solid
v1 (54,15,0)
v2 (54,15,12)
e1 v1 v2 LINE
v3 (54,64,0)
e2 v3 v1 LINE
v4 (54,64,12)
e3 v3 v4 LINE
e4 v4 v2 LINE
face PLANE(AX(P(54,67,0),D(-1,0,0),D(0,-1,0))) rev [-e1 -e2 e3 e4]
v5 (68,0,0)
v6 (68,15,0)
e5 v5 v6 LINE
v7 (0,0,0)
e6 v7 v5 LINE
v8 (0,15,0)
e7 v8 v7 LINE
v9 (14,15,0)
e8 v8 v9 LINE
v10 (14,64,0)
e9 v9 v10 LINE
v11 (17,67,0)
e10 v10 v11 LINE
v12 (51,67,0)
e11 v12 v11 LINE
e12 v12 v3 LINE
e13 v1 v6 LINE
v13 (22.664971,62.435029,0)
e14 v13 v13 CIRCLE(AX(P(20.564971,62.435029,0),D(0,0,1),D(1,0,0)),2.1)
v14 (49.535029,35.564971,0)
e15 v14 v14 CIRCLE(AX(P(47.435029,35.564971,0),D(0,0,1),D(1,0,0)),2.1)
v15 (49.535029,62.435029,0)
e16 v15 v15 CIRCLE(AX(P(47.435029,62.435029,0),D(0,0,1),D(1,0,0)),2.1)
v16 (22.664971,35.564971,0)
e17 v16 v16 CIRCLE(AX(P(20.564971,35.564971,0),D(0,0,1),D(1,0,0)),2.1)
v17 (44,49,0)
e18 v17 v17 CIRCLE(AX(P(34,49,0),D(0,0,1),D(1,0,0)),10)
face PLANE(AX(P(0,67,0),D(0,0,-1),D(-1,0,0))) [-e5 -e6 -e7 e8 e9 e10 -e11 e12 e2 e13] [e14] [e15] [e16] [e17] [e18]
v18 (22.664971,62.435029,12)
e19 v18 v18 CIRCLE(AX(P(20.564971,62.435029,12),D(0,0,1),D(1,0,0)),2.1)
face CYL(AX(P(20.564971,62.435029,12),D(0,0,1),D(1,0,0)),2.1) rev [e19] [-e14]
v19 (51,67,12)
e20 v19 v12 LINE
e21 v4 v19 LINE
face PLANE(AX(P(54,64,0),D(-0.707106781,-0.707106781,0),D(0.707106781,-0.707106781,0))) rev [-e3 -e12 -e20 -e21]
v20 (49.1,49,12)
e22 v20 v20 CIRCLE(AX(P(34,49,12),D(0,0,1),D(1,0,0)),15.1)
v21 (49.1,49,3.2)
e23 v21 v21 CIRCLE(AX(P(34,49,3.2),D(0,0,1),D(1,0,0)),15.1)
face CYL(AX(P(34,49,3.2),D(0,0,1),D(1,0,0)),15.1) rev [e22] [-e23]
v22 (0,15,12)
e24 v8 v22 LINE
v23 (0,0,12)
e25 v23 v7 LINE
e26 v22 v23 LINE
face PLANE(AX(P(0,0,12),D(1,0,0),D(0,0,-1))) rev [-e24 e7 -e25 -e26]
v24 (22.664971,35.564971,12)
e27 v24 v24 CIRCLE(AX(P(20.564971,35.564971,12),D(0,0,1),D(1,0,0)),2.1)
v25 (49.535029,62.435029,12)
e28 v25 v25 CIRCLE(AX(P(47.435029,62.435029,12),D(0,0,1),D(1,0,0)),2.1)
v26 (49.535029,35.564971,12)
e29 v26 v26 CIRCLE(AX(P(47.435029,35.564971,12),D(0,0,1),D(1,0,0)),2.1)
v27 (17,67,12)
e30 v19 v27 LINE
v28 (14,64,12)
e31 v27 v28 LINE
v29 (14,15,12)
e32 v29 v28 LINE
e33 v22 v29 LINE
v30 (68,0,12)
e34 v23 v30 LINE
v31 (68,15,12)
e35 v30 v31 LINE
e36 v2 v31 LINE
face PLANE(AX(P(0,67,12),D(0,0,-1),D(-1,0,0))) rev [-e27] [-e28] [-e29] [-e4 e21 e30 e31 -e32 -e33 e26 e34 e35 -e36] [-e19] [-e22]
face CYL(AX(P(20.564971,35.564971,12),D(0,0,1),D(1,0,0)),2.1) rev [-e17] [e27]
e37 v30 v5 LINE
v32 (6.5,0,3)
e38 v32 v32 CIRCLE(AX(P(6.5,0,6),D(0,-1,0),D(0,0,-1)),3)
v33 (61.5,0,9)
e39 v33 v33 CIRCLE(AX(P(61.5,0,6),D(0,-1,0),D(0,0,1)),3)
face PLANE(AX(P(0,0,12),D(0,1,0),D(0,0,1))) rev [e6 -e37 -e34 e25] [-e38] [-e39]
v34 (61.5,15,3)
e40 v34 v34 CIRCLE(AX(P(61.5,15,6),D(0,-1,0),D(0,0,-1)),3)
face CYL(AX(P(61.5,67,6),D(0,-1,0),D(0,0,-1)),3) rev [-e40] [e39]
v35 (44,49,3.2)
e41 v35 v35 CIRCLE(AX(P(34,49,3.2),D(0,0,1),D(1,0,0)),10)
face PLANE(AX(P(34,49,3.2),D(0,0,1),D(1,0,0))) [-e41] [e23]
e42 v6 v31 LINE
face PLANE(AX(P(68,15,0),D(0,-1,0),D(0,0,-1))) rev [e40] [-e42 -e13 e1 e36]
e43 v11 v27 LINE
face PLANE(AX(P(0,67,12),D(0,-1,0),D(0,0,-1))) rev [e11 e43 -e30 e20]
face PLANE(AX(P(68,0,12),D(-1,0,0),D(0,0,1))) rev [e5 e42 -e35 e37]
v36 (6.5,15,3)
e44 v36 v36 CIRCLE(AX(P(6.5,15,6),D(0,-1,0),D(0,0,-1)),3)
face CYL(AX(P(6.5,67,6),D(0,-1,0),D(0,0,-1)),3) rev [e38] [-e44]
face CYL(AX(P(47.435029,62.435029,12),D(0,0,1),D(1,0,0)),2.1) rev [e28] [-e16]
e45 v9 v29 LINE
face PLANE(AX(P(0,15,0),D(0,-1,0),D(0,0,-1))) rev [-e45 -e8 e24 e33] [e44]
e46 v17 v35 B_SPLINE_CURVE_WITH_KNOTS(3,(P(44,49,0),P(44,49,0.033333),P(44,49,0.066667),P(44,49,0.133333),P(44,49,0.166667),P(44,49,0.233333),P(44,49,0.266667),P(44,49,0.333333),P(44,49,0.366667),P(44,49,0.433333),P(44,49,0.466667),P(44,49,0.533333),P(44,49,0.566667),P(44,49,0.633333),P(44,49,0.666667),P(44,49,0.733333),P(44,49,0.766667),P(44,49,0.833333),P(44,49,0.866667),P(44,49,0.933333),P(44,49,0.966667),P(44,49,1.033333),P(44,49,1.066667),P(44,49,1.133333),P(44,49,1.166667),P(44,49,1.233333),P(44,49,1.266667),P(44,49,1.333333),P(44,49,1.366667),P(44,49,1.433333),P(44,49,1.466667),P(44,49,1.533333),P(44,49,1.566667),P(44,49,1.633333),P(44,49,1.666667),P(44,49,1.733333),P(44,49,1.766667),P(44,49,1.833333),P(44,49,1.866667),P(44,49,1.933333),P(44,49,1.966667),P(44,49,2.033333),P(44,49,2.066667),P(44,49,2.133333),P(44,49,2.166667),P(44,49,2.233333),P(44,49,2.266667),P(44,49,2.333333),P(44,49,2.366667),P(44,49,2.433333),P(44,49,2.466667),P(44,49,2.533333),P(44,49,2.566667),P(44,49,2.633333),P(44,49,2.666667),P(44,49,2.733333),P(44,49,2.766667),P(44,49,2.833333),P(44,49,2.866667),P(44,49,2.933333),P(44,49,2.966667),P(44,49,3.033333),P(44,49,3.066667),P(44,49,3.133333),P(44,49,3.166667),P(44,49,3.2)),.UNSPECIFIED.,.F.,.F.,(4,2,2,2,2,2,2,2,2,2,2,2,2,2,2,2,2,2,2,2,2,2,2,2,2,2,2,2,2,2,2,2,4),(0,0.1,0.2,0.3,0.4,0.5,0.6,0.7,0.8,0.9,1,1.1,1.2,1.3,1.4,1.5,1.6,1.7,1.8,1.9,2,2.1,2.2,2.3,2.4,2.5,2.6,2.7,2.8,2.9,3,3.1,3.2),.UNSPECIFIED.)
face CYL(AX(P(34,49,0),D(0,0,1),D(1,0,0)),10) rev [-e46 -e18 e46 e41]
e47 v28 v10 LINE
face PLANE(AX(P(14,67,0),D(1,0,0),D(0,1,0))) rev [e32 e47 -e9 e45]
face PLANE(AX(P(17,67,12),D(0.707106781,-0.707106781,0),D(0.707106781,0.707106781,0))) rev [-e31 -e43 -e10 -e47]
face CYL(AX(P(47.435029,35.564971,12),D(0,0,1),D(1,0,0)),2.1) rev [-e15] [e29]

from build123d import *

# Parameters (mm, degrees)
SKETCH_1_W          = 68
SKETCH_1_H          = 67
EXTRUDE_1_DEPTH     = 12
SKETCH_2_R          = 15.1
CUT_EXTRUDE_1_DEPTH = 8.8
SKETCH_3_R          = 10
CUT_EXTRUDE_2_DEPTH = 96.866782568
HOLE_WIZARD_M5_1_D  = 4.2
SKETCH_7_W          = 14
SKETCH_7_H          = 52
CUT_EXTRUDE_3_DEPTH = 97.213304693
CHAMFER_1_SIZE      = 3
SKETCH_8_R          = 3
CUT_EXTRUDE_4_DEPTH = 97.213304693


with BuildPart() as part:
    # 草图1 → 凸台-拉伸1 (new body)
    with BuildSketch(Plane.XY):
        with Locations((34, 33.5)):
            Rectangle(SKETCH_1_W, SKETCH_1_H)
    extrude(amount=EXTRUDE_1_DEPTH)

    # 草图2 → 切除-拉伸1 (cut)
    with BuildSketch(Plane.XY.offset(12)):
        with Locations((34, 49)):
            Circle(SKETCH_2_R)
    extrude(amount=-CUT_EXTRUDE_1_DEPTH, mode=Mode.SUBTRACT)

    # 草图3 → 切除-拉伸2 (cut, through all)
    with BuildSketch(Plane.XY.offset(3.2)):
        with Locations((34, 49)):
            Circle(SKETCH_3_R)
    extrude(amount=-CUT_EXTRUDE_2_DEPTH, mode=Mode.SUBTRACT)

    # M5 螺纹孔1 (through all)
    with Locations(Plane.XY.offset(12)):
        with Locations((47.435028843, 62.435028843), (20.564971157, 62.435028843), (20.564971157, 35.564971157), (47.435028843, 35.564971157)):
            Hole(HOLE_WIZARD_M5_1_D / 2)

    # 草图7 → 切除-拉伸3 (cut, through all)
    with BuildSketch(Plane.XY.offset(12)):
        with Locations((7, 41)):
            Rectangle(SKETCH_7_W, SKETCH_7_H)
        with Locations((61, 41)):
            Rectangle(SKETCH_7_W, SKETCH_7_H)
    extrude(amount=-CUT_EXTRUDE_3_DEPTH, mode=Mode.SUBTRACT)

    # 倒角1
    chamfer_1_edges = [part.edges().sort_by_distance(p)[0] for p in [
        (14, 67, 6),
        (54, 67, 6),
    ]]
    chamfer(chamfer_1_edges, length=CHAMFER_1_SIZE)

    # 草图8 → 切除-拉伸4 (cut, through all)
    with BuildSketch(Plane.XZ):
        with Locations(Location((6.5, 6, 0), (0, 0, 270))):
            Circle(SKETCH_8_R)
        with Locations(Location((61.5, 6, 0), (0, 0, 270))):
            Circle(SKETCH_8_R)
    extrude(amount=-CUT_EXTRUDE_4_DEPTH, mode=Mode.SUBTRACT)


solid = part.part
